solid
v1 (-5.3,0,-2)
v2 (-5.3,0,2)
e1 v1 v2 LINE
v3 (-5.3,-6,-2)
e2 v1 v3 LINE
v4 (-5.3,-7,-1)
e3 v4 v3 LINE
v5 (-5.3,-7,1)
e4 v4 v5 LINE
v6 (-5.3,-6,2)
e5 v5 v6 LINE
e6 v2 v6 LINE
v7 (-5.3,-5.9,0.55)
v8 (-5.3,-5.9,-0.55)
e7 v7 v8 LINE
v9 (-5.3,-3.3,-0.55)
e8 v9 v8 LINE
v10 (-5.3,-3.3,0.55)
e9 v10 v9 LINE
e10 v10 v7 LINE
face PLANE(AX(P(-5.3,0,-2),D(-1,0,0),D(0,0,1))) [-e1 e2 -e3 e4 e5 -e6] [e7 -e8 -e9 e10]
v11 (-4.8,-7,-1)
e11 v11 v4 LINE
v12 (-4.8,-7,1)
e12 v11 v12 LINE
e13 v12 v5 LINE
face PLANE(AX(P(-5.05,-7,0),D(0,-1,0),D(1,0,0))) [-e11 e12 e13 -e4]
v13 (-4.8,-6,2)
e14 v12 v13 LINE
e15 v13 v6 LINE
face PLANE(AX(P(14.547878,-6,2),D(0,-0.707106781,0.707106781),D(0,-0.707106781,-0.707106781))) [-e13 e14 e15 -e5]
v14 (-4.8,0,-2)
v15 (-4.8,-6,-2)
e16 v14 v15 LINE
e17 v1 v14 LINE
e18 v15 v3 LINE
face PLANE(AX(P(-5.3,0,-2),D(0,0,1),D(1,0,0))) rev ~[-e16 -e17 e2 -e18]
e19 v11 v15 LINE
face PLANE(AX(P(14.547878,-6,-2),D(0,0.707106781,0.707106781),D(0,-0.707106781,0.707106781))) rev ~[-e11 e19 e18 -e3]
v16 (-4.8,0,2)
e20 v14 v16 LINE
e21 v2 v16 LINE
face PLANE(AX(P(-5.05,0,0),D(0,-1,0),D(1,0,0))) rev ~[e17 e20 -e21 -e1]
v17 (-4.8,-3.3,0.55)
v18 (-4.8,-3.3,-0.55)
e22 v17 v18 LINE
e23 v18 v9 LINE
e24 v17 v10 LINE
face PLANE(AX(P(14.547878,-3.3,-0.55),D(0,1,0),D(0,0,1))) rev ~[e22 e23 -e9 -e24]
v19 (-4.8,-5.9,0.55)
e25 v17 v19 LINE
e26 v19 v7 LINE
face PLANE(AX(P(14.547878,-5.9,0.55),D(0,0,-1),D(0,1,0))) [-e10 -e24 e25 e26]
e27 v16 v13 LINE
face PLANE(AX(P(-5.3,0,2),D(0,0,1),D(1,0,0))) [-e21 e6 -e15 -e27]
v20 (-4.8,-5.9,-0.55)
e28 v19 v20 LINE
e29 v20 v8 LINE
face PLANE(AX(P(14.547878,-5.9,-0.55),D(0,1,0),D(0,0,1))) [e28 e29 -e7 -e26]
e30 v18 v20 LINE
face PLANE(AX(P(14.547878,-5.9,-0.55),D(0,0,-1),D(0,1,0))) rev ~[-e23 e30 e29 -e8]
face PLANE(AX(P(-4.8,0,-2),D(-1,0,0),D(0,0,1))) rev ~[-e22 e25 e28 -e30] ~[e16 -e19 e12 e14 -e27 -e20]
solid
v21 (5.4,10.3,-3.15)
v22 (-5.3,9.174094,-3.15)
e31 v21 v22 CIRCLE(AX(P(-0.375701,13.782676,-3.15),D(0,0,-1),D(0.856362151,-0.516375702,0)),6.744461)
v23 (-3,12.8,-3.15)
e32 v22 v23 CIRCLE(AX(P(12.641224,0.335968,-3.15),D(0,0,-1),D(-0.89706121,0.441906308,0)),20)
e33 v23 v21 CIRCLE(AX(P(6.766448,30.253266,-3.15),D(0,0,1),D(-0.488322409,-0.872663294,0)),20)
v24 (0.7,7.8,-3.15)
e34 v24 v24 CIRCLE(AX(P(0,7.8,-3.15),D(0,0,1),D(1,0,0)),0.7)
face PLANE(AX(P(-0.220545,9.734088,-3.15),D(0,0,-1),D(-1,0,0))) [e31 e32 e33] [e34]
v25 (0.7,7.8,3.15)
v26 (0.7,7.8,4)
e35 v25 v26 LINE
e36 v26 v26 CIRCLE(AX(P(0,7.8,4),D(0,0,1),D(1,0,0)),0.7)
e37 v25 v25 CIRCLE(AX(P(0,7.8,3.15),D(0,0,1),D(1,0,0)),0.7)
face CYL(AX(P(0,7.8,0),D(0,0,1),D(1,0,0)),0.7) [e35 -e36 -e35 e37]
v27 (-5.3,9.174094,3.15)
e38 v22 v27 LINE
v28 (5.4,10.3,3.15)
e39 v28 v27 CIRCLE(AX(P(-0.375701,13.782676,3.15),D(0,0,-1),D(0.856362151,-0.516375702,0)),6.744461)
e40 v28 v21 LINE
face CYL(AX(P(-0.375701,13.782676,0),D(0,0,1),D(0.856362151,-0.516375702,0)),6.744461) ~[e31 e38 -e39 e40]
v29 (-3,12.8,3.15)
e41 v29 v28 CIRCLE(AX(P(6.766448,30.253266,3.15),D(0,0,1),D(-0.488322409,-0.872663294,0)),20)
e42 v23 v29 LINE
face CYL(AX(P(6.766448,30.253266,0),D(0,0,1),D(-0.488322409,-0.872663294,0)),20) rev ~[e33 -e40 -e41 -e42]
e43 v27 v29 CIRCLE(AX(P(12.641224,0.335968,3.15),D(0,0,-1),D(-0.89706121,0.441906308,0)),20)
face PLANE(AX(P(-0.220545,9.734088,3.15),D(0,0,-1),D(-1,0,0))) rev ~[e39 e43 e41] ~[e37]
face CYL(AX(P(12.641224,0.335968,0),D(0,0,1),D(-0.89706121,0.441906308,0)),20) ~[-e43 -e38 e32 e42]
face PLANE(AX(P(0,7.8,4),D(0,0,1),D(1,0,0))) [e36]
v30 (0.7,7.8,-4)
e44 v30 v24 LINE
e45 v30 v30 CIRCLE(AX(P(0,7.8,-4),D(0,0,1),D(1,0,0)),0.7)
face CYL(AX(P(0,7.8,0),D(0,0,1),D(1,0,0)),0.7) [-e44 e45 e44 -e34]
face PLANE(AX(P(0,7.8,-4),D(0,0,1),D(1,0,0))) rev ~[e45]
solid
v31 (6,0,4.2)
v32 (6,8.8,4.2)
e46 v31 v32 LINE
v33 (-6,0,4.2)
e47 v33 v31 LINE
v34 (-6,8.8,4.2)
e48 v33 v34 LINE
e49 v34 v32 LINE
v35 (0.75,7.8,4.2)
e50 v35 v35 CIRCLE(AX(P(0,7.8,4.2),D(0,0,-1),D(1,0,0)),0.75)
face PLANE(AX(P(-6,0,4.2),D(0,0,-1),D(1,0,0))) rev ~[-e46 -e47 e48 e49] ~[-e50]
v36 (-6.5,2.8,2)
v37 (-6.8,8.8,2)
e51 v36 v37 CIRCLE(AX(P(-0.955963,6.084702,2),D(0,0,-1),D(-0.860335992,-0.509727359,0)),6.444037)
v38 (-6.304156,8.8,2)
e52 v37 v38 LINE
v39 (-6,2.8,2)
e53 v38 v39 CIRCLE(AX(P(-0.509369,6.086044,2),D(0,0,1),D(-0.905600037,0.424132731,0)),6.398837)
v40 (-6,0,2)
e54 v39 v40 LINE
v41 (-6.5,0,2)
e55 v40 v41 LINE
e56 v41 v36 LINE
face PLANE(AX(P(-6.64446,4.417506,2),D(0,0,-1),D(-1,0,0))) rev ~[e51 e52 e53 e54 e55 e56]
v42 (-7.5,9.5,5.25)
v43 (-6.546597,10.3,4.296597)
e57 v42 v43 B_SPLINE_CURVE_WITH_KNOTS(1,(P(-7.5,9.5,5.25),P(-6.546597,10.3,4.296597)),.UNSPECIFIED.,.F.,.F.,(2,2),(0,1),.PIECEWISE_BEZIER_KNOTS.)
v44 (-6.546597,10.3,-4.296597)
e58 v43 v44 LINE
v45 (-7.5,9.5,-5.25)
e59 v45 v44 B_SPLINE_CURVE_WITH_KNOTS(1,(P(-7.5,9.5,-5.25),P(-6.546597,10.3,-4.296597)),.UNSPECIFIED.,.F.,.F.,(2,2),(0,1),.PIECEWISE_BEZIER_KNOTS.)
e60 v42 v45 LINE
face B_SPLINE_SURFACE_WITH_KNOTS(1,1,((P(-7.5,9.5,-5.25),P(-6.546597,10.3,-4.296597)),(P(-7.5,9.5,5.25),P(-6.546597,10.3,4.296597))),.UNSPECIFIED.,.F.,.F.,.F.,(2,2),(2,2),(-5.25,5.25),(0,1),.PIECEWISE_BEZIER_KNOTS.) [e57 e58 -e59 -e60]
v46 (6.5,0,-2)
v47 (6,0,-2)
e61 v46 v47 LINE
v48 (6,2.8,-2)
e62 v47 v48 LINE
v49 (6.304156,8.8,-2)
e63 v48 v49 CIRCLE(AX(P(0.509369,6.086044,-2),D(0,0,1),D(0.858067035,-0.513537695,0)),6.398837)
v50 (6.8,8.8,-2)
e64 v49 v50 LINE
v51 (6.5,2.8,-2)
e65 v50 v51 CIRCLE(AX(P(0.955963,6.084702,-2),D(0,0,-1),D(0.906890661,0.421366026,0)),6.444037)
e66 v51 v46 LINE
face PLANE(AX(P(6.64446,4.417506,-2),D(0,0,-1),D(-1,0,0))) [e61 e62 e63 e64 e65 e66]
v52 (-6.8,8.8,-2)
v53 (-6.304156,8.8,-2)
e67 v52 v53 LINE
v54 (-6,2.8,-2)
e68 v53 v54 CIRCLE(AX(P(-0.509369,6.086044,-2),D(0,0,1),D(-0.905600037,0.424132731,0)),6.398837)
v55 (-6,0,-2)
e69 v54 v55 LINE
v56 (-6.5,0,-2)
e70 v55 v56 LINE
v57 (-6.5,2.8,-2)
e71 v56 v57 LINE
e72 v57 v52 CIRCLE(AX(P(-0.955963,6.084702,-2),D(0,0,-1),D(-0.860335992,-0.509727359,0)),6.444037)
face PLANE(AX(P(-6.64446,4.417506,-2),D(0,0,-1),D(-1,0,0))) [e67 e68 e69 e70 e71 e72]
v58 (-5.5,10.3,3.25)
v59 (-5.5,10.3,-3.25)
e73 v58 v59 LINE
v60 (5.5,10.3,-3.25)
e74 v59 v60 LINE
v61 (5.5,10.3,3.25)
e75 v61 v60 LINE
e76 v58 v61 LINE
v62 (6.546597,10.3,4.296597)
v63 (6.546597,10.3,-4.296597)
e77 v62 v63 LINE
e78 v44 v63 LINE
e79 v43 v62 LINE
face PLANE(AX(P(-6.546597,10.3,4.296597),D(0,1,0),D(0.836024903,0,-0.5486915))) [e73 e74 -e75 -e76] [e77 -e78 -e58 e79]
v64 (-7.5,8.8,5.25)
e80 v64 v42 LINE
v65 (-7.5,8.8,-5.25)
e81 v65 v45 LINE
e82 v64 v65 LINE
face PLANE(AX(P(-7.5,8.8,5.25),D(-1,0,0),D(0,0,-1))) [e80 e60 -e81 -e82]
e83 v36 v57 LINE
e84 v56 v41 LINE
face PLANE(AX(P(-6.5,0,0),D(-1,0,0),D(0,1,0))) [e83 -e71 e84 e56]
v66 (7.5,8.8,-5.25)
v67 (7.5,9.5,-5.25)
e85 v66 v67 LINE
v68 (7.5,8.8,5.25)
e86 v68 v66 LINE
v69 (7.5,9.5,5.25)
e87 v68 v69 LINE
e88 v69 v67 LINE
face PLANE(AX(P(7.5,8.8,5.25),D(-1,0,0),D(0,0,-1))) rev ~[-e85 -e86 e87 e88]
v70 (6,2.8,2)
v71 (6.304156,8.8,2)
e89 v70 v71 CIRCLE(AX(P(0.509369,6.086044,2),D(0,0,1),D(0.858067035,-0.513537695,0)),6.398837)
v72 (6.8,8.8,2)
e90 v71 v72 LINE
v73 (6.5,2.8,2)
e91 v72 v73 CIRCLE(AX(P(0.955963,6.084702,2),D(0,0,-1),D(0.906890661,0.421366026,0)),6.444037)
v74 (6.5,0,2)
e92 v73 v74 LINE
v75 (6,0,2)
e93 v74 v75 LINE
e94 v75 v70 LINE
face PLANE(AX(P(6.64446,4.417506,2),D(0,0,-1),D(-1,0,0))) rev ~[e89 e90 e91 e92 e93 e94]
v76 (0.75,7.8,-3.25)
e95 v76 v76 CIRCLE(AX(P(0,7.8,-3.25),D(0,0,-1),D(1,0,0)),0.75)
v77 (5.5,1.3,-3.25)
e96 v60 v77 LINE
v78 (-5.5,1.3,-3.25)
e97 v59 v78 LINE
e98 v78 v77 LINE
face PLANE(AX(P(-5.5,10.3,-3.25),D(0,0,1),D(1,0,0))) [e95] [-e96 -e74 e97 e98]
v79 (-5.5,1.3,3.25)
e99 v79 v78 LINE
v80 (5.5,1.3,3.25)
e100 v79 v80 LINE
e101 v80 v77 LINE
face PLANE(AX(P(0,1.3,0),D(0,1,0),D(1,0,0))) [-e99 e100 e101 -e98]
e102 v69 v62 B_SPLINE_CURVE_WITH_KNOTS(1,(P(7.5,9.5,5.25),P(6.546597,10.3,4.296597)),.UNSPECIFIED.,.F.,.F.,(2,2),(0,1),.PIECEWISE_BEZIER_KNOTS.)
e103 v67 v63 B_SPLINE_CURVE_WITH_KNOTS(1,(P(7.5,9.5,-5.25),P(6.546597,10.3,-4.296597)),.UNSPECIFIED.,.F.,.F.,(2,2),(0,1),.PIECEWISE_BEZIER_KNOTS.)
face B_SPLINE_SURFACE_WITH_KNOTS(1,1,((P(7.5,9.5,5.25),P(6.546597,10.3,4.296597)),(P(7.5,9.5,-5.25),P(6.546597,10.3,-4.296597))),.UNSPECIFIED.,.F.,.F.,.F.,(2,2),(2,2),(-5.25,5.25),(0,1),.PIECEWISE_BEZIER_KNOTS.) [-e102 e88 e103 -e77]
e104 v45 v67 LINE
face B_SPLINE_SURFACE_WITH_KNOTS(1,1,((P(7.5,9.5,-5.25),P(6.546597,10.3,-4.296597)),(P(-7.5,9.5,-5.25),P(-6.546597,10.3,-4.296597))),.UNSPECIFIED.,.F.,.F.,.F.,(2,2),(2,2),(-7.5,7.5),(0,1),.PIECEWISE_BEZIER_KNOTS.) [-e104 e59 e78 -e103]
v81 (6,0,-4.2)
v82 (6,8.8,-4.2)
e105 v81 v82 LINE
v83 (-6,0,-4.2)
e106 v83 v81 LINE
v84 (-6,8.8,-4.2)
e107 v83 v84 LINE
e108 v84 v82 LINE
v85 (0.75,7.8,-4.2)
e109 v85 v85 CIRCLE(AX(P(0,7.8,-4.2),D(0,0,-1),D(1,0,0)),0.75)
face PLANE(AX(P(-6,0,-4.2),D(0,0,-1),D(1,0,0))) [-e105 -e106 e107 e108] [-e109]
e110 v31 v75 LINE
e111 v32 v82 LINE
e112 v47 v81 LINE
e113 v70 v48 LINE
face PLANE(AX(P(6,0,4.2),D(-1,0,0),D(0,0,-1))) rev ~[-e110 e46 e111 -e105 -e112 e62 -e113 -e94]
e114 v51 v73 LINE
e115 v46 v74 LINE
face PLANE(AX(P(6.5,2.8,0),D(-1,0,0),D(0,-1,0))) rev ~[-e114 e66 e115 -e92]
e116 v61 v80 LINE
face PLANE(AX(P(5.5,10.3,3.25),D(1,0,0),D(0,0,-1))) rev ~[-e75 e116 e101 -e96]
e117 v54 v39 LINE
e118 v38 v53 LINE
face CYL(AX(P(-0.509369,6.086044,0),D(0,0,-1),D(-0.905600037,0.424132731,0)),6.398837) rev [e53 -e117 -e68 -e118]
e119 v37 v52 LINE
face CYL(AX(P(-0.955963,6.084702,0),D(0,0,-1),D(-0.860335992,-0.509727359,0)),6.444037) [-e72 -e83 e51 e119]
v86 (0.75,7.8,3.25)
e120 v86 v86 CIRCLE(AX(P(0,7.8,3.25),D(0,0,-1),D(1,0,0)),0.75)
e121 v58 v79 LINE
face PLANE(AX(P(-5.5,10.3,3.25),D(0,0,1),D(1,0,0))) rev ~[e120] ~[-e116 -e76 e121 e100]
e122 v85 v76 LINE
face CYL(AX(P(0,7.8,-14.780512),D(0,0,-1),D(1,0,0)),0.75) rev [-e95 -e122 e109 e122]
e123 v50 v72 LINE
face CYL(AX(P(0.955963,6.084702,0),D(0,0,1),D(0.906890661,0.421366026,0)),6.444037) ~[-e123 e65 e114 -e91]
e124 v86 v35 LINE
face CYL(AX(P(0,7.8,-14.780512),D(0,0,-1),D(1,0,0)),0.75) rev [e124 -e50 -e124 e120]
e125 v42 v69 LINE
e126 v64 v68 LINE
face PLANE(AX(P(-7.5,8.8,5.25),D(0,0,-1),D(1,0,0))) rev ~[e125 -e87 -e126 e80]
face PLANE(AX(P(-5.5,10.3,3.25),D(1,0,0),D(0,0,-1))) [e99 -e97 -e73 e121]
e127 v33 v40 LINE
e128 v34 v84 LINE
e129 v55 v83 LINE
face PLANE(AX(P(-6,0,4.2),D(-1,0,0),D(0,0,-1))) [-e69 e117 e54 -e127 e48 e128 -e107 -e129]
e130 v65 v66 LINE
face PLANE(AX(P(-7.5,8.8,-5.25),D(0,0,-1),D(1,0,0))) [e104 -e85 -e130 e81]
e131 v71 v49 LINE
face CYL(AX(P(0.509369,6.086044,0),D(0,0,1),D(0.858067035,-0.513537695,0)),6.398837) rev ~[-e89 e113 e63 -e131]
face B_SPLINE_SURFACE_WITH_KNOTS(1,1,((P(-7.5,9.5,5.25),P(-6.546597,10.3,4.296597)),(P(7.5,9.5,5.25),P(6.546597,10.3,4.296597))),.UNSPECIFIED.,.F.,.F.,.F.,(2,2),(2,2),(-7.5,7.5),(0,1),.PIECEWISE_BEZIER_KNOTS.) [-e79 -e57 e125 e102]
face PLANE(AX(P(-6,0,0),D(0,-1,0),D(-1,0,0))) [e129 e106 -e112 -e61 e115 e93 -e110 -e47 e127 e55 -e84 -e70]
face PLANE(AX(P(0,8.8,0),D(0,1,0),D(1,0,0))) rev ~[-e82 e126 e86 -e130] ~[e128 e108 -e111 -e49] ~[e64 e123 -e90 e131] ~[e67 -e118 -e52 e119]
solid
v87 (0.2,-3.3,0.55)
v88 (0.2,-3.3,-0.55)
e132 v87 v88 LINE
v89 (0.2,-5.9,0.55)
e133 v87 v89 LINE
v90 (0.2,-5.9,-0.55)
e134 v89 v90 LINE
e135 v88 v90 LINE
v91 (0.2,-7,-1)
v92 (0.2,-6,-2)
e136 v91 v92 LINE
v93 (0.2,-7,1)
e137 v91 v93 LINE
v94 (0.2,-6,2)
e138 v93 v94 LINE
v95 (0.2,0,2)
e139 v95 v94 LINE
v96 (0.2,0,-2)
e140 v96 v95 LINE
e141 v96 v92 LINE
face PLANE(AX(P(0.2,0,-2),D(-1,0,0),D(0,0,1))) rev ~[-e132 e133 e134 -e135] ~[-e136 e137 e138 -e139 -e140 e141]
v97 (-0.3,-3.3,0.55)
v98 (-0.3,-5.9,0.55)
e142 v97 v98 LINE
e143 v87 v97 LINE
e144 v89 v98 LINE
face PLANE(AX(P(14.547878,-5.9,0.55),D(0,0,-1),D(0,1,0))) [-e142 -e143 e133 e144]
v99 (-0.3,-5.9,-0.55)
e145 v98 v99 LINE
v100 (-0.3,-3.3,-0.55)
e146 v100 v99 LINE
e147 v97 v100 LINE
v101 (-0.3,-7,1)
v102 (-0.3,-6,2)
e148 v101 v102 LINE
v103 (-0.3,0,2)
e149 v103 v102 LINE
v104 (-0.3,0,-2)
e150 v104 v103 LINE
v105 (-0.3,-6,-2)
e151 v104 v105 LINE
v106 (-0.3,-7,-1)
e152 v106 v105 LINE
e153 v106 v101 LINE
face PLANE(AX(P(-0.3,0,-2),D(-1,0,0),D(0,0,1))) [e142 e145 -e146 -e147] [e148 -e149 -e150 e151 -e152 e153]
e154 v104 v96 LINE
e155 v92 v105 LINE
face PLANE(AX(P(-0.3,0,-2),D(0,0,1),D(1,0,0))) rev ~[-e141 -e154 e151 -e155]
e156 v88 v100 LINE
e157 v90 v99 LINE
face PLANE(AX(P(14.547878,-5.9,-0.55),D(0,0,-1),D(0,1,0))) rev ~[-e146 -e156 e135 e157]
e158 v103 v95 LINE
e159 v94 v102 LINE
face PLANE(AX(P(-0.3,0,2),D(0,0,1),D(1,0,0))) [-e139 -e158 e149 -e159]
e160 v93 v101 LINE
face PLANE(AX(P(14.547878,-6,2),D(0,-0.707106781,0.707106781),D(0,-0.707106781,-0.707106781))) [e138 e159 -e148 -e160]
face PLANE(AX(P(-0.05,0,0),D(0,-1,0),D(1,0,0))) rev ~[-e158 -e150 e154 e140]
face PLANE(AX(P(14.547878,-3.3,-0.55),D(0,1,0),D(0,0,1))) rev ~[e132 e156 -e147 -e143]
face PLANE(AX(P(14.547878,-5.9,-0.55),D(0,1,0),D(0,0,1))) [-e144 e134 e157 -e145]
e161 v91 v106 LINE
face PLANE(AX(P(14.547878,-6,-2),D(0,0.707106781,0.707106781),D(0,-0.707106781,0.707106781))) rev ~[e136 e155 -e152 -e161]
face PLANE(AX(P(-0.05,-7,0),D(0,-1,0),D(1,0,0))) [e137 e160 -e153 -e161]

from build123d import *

# Parameters (mm, degrees)
CROQUIS1_W                 = 12
CROQUIS1_H                 = 8.4
SALIENTE_EXTRUIR1_DEPTH    = 8.8
CROQUIS2_W                 = 15
CROQUIS2_H                 = 10.5
SALIENTE_EXTRUIR2_DEPTH    = 0.7
CROQUIS3_W                 = 15
CROQUIS3_H                 = 10.5
SALIENTE_EXTRUIR3_DEPTH    = 0.8
SALIENTE_EXTRUIR3_TAPER    = 50
CROQUIS4_W                 = 11
CROQUIS4_H                 = 6.5
CORTAR_EXTRUIR1_DEPTH      = 9
CORTAR_EXTRUIR7_DEPTH      = 14.780511769
CORTAR_EXTRUIR7_DEPTH_BACK = 14.780511769
CROQUIS6_R                 = 0.75
SALIENTE_EXTRUIR4_DEPTH    = 3.15
CROQUIS7_R                 = 0.7
SALIENTE_EXTRUIR5_DEPTH    = 4
SALIENTE_EXTRUIR6_DEPTH    = 2
CROQUIS9_W                 = 0.5
CROQUIS9_H                 = 4
SALIENTE_EXTRUIR7_DEPTH    = 7
SALIENTE_EXTRUIR7_2_DEPTH  = 7
CORTAR_EXTRUIR8_DEPTH      = 19.84787796
CORTAR_EXTRUIR8_DEPTH_BACK = 19.84787796
CROQUIS10_W                = 1.1
CROQUIS10_H                = 2.6


with BuildPart() as part:
    # Croquis1 → Saliente-Extruir1 (new body)
    with BuildSketch(Plane(origin=(0, 0, 0), x_dir=(1, 0, 0), z_dir=(0, 1, 0))):
        Rectangle(CROQUIS1_W, CROQUIS1_H)
    extrude(amount=SALIENTE_EXTRUIR1_DEPTH)

    # Croquis2 → Saliente-Extruir2 (add)
    with BuildSketch(Plane(origin=(0, 8.8, 0), x_dir=(1, 0, 0), z_dir=(0, 1, 0))):
        Rectangle(CROQUIS2_W, CROQUIS2_H)
    extrude(amount=SALIENTE_EXTRUIR2_DEPTH)

    # Croquis3 → Saliente-Extruir3 (add)
    with BuildSketch(Plane(origin=(0, 9.5, 0), x_dir=(1, 0, 0), z_dir=(0, 1, 0))):
        Rectangle(CROQUIS3_W, CROQUIS3_H)
    extrude(amount=SALIENTE_EXTRUIR3_DEPTH, taper=SALIENTE_EXTRUIR3_TAPER)

    # Croquis4 → Cortar-Extruir1 (cut)
    with BuildSketch(Plane(origin=(0, 10.3, 0), x_dir=(1, 0, 0), z_dir=(0, 1, 0))):
        Rectangle(CROQUIS4_W, CROQUIS4_H)
    extrude(amount=-CORTAR_EXTRUIR1_DEPTH, mode=Mode.SUBTRACT)

    # Croquis6 → Cortar-Extruir7 (cut, two sides: drawn at the far end of the back side and taken through both)
    with BuildSketch(Plane.XY.offset(-CORTAR_EXTRUIR7_DEPTH_BACK)):
        with Locations((0, 7.8)):
            Circle(CROQUIS6_R)
    extrude(amount=CORTAR_EXTRUIR7_DEPTH + CORTAR_EXTRUIR7_DEPTH_BACK, mode=Mode.SUBTRACT)

    # Croquis8 → Saliente-Extruir6 (add, symmetric)
    with BuildSketch(Plane.XY):
        with BuildLine():
            Line((-6.5, 0), (-6.5, 2.8))
            ThreePointArc((-6.5, 2.8), (-7.391960026, 5.762901999), (-6.8, 8.8))
            Line((-6.8, 8.8), (-6.304155921, 8.8))
            ThreePointArc((-6.304155921, 8.8), (-6.9, 5.762085847), (-6, 2.8))
            Line((-6, 2.8), (-6, 0))
            Line((-6, 0), (-6.5, 0))
        make_face()
        with BuildLine():
            Line((6.5, 0), (6, 0))
            Line((6, 0), (6, 2.8))
            ThreePointArc((6, 2.8), (6.9, 5.762085847), (6.304155921, 8.8))
            Line((6.304155921, 8.8), (6.8, 8.8))
            ThreePointArc((6.8, 8.8), (7.391960026, 5.762901999), (6.5, 2.8))
            Line((6.5, 2.8), (6.5, 0))
        make_face()
    extrude(amount=SALIENTE_EXTRUIR6_DEPTH, both=True)


with BuildPart() as body_2:
    # Croquis5 → Saliente-Extruir4 (new, symmetric)
    with BuildSketch(Plane.XY):
        with BuildLine():
            ThreePointArc((-3, 12.8), (1.061376284, 11.084224314), (5.4, 10.3))
            ThreePointArc((5.4, 10.3), (0.330087699, 7.07524599), (-5.3, 9.174093689))
            ThreePointArc((-5.3, 9.174093689), (-4.24758894, 11.048949867), (-3, 12.8))
        make_face()
    extrude(amount=SALIENTE_EXTRUIR4_DEPTH, both=True)

    # Croquis7 → Saliente-Extruir5 (add, symmetric)
    with BuildSketch(Plane.XY):
        with Locations((0, 7.8)):
            Circle(CROQUIS7_R)
    extrude(amount=SALIENTE_EXTRUIR5_DEPTH, both=True)


with BuildPart() as body_3:
    # Croquis9 → Saliente-Extruir7 (new body)
    with BuildSketch(Plane.XZ):
        with Locations((-5.05, 0)):
            Rectangle(CROQUIS9_W, CROQUIS9_H)
    extrude(amount=SALIENTE_EXTRUIR7_DEPTH)


with BuildPart() as body_4:
    # Croquis9 → Saliente-Extruir7 2 (new body)
    with BuildSketch(Plane.XZ):
        with Locations((-0.05, 0)):
            Rectangle(CROQUIS9_W, CROQUIS9_H)
    extrude(amount=SALIENTE_EXTRUIR7_2_DEPTH)


with BuildPart() as cortar_extruir8_tool:
    # Croquis10 → Cortar-Extruir8 (new, two sides: drawn at the far end of the back side and taken through both)
    with BuildSketch(Plane.ZY.offset(5.3).offset(-CORTAR_EXTRUIR8_DEPTH_BACK)):
        with Locations((0, -4.6)):
            Rectangle(CROQUIS10_W, CROQUIS10_H)
        Polygon((-2, -6), (-1, -7), (-2, -7), align=None)
        Polygon((2, -6), (1, -7), (2, -7), align=None)
    extrude(amount=CORTAR_EXTRUIR8_DEPTH + CORTAR_EXTRUIR8_DEPTH_BACK)


with BuildPart() as body_3_1:
    add(body_3.part)

    # Cortar-Extruir8: cut by cortar_extruir8_tool
    add(cortar_extruir8_tool.part, mode=Mode.SUBTRACT)


with BuildPart() as body_4_1:
    add(body_4.part)

    # Cortar-Extruir8: cut by cortar_extruir8_tool
    add(cortar_extruir8_tool.part, mode=Mode.SUBTRACT)


solid = Compound([part.part, body_2.part, body_3_1.part, body_4_1.part])
